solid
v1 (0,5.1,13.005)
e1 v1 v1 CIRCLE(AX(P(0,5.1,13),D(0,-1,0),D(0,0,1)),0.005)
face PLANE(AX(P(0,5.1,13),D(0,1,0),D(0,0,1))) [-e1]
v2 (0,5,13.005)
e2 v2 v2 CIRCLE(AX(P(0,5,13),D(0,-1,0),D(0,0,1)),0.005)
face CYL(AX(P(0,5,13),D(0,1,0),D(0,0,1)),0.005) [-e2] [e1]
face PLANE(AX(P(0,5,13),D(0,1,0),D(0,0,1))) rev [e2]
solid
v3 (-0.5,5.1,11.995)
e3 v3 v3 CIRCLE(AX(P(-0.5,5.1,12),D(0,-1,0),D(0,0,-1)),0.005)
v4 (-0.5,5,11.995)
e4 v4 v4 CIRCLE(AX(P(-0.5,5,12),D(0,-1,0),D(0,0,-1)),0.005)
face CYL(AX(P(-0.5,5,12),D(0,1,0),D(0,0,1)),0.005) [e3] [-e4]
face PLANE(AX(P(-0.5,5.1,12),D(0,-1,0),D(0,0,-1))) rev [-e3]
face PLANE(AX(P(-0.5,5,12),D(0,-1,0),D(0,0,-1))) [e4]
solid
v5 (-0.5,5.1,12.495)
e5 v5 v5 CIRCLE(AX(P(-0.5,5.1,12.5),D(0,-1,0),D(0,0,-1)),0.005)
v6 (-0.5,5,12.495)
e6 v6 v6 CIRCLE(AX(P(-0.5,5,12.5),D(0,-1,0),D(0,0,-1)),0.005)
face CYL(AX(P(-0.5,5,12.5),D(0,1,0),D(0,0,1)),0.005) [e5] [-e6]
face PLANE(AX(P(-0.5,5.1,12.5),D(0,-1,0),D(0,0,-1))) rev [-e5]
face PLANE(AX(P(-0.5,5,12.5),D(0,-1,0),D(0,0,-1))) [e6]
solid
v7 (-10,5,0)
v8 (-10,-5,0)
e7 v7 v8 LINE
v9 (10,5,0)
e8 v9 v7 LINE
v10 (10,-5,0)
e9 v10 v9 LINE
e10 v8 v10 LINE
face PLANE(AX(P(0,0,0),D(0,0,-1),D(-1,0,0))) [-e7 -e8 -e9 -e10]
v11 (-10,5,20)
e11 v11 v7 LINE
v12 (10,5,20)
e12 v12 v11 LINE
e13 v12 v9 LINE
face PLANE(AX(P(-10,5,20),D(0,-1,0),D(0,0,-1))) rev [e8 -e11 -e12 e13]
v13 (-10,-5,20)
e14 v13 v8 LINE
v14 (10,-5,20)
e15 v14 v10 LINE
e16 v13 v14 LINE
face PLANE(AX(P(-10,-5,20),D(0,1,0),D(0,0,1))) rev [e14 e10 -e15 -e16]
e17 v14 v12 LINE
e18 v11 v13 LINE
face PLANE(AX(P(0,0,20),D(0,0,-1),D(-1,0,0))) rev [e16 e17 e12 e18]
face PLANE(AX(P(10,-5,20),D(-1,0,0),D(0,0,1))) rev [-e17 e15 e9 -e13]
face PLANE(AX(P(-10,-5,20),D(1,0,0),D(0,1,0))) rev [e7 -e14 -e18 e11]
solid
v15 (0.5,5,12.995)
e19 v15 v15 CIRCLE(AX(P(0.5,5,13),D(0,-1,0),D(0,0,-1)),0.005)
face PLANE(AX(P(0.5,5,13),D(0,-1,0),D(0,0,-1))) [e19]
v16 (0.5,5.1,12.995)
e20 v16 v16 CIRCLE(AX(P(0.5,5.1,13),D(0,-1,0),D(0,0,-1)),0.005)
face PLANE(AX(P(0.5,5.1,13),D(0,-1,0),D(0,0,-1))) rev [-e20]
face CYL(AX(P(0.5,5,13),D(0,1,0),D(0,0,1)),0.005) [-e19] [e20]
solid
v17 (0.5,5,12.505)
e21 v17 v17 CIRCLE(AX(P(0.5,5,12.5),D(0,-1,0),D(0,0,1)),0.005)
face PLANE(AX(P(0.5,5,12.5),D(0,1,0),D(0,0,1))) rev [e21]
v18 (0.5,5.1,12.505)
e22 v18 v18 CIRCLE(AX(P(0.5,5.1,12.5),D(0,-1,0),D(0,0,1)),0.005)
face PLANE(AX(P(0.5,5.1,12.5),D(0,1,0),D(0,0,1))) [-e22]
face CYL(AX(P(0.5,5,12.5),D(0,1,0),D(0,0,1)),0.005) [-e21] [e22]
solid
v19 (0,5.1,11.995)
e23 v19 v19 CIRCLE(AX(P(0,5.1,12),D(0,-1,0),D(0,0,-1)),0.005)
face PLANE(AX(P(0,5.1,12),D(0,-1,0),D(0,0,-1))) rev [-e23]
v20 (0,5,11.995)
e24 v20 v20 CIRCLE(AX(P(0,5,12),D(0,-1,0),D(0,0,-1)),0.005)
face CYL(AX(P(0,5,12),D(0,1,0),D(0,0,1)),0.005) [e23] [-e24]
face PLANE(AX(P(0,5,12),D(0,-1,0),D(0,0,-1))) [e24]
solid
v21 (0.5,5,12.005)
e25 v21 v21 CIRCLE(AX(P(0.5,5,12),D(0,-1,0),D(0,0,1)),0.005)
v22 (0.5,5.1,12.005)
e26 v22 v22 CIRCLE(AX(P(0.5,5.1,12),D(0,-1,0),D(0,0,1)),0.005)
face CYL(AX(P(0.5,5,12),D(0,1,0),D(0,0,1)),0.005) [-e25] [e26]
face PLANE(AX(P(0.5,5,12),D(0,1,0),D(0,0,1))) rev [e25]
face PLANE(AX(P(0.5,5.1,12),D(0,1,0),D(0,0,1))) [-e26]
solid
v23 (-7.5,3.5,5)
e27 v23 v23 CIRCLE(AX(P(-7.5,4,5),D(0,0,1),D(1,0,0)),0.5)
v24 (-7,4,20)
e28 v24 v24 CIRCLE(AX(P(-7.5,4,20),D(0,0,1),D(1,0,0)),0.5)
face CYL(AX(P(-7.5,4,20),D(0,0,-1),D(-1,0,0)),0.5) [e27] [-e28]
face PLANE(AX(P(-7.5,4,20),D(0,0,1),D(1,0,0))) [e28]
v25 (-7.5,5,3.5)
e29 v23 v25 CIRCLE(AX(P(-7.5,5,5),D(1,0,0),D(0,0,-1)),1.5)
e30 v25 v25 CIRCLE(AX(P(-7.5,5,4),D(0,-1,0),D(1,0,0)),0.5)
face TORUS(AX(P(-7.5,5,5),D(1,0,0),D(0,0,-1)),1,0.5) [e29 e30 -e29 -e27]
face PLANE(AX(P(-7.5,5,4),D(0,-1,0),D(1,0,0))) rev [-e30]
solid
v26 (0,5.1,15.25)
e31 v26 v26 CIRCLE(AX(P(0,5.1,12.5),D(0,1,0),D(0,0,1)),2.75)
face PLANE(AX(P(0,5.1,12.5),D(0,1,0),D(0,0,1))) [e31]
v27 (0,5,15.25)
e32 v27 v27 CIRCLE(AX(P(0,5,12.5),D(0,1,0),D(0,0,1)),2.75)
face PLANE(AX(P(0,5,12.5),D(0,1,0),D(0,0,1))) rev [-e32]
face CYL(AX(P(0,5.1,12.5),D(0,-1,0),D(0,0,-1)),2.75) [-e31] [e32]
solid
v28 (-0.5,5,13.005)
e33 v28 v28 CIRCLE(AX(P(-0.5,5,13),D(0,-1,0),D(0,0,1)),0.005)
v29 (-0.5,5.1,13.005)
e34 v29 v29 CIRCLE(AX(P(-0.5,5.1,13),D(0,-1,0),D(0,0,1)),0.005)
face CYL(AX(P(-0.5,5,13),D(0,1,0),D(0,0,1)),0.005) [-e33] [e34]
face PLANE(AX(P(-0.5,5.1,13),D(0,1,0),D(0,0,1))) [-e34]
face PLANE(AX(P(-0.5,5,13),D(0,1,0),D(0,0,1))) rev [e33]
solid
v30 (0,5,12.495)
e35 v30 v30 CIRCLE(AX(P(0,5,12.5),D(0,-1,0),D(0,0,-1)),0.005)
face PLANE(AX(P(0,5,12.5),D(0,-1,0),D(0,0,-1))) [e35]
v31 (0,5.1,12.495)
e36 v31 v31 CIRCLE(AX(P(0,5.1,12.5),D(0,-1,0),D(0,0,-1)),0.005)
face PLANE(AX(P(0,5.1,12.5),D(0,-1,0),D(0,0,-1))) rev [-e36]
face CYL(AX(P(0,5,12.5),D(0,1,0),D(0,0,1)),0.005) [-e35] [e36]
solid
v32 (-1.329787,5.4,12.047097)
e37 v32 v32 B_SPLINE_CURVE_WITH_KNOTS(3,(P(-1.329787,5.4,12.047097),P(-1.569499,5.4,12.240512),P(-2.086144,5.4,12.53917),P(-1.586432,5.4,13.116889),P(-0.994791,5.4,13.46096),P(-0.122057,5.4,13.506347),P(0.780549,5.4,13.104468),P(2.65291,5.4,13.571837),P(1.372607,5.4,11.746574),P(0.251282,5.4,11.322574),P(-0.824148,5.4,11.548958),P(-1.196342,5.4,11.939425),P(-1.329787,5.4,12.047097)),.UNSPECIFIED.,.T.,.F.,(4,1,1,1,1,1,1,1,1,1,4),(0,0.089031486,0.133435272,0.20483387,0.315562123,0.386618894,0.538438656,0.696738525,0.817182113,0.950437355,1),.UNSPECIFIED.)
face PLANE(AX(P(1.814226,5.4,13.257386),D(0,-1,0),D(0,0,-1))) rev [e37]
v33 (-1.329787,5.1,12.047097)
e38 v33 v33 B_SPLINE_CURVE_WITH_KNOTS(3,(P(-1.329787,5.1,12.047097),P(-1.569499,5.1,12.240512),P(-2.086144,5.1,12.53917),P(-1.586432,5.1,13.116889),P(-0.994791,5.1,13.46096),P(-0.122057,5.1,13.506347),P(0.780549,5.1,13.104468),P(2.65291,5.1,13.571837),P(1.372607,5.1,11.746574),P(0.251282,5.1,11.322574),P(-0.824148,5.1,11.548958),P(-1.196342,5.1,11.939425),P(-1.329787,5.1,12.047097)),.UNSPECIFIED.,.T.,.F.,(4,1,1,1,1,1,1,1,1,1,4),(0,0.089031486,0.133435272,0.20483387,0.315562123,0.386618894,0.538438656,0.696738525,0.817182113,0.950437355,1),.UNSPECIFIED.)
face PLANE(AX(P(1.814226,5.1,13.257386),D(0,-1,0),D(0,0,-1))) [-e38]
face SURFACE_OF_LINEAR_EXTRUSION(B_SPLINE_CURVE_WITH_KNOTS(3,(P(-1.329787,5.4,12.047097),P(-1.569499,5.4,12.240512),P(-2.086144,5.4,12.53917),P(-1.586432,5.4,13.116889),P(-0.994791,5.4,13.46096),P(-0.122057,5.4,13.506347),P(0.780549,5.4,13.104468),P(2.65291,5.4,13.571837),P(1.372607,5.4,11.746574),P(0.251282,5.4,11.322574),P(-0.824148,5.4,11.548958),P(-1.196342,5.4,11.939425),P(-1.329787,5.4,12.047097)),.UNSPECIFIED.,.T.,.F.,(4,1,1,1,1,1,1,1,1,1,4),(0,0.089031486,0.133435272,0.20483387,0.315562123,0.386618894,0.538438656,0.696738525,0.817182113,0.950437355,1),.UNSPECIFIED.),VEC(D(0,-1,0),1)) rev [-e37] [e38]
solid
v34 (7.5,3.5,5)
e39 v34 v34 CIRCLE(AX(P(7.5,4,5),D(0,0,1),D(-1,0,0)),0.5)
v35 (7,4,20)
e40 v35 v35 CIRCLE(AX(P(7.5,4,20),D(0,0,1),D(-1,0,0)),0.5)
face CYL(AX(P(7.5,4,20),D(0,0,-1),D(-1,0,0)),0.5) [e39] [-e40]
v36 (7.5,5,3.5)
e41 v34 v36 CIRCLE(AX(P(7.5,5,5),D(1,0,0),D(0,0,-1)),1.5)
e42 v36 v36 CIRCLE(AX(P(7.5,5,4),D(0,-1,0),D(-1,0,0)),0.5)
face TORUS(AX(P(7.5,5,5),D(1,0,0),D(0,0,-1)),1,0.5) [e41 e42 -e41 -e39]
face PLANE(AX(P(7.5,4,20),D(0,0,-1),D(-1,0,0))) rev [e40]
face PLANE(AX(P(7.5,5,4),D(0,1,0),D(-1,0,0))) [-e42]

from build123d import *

# Parameters (mm, degrees)
SKETCH1_W             = 20
SKETCH1_H             = 10
BOSS_EXTRUDE1_DEPTH   = 20
SKETCH2_R             = 0.5
SKETCH5_R             = 2.75
BOSS_EXTRUDE4_DEPTH   = 0.1
SKETCH8_R             = 0.005
BOSS_EXTRUDE5_DEPTH   = 0.1
BOSS_EXTRUDE5_2_DEPTH = 0.1
BOSS_EXTRUDE5_3_DEPTH = 0.1
BOSS_EXTRUDE5_4_DEPTH = 0.1
BOSS_EXTRUDE5_5_DEPTH = 0.1
BOSS_EXTRUDE5_6_DEPTH = 0.1
BOSS_EXTRUDE5_7_DEPTH = 0.1
BOSS_EXTRUDE5_8_DEPTH = 0.1
BOSS_EXTRUDE5_9_DEPTH = 0.1
SLICE_2_DEPTH         = 0.3


with BuildPart() as part:
    # Sketch1 → Boss-Extrude1 (new body)
    with BuildSketch(Plane.XY):
        Rectangle(SKETCH1_W, SKETCH1_H)
    extrude(amount=BOSS_EXTRUDE1_DEPTH)


with BuildPart() as body_2:
    # ag/agcl electrodes: sweep along a path in Sketch3
    with BuildLine(Plane(origin=(7.5, 0, 0), x_dir=(0, 0, -1), z_dir=(1, 0, 0))) as ag_agcl_electrodes_path:
        Line((-20, 4), (-5, 4))
        ThreePointArc((-5, 4), (-4.292893219, 4.292893219), (-4, 5))
    # Sketch2 → ag/agcl electrodes (sweep)
    with BuildSketch(Plane.XY.offset(20)):
        with Locations((-7.5, 4)):
            Circle(SKETCH2_R)
        with Locations((7.5, 4)):
            Circle(SKETCH2_R)
    sweep(path=ag_agcl_electrodes_path.line)


with BuildPart() as body_3:
    # Sketch5 → Boss-Extrude4 (new body)
    with BuildSketch(Plane(origin=(0, 5, 0), x_dir=(1, 0, 0), z_dir=(0, 1, 0))):
        with Locations((0, -12.5)):
            Circle(SKETCH5_R)
    extrude(amount=BOSS_EXTRUDE4_DEPTH)


with BuildPart() as body_4:
    # Sketch8 → Boss-Extrude5 (new body)
    with BuildSketch(Plane(origin=(0, 5.1, 0), x_dir=(-1, 0, 0), z_dir=(0, -1, 0))):
        with Locations((0, -12.5)):
            Circle(SKETCH8_R)
    extrude(amount=BOSS_EXTRUDE5_DEPTH)


with BuildPart() as body_5:
    # Sketch8 → Boss-Extrude5 2 (new body)
    with BuildSketch(Plane(origin=(0, 5.1, 0), x_dir=(-1, 0, 0), z_dir=(0, -1, 0))):
        with Locations((0.5, -12.5)):
            Circle(SKETCH8_R)
    extrude(amount=BOSS_EXTRUDE5_2_DEPTH)


with BuildPart() as body_6:
    # Sketch8 → Boss-Extrude5 3 (new body)
    with BuildSketch(Plane(origin=(0, 5.1, 0), x_dir=(-1, 0, 0), z_dir=(0, -1, 0))):
        with Locations((0.5, -12)):
            Circle(SKETCH8_R)
    extrude(amount=BOSS_EXTRUDE5_3_DEPTH)


with BuildPart() as body_7:
    # Sketch8 → Boss-Extrude5 4 (new body)
    with BuildSketch(Plane(origin=(0, 5.1, 0), x_dir=(-1, 0, 0), z_dir=(0, -1, 0))):
        with Locations((0, -12)):
            Circle(SKETCH8_R)
    extrude(amount=BOSS_EXTRUDE5_4_DEPTH)


with BuildPart() as body_8:
    # Sketch8 → Boss-Extrude5 5 (new body)
    with BuildSketch(Plane(origin=(0, 5.1, 0), x_dir=(-1, 0, 0), z_dir=(0, -1, 0))):
        with Locations((0.5, -13)):
            Circle(SKETCH8_R)
    extrude(amount=BOSS_EXTRUDE5_5_DEPTH)


with BuildPart() as body_9:
    # Sketch8 → Boss-Extrude5 6 (new body)
    with BuildSketch(Plane(origin=(0, 5.1, 0), x_dir=(-1, 0, 0), z_dir=(0, -1, 0))):
        with Locations((0, -13)):
            Circle(SKETCH8_R)
    extrude(amount=BOSS_EXTRUDE5_6_DEPTH)


with BuildPart() as body_10:
    # Sketch8 → Boss-Extrude5 7 (new body)
    with BuildSketch(Plane(origin=(0, 5.1, 0), x_dir=(-1, 0, 0), z_dir=(0, -1, 0))):
        with Locations((-0.5, -13)):
            Circle(SKETCH8_R)
    extrude(amount=BOSS_EXTRUDE5_7_DEPTH)


with BuildPart() as body_11:
    # Sketch8 → Boss-Extrude5 8 (new body)
    with BuildSketch(Plane(origin=(0, 5.1, 0), x_dir=(-1, 0, 0), z_dir=(0, -1, 0))):
        with Locations((-0.5, -12)):
            Circle(SKETCH8_R)
    extrude(amount=BOSS_EXTRUDE5_8_DEPTH)


with BuildPart() as body_12:
    # Sketch8 → Boss-Extrude5 9 (new body)
    with BuildSketch(Plane(origin=(0, 5.1, 0), x_dir=(-1, 0, 0), z_dir=(0, -1, 0))):
        with Locations((-0.5, -12.5)):
            Circle(SKETCH8_R)
    extrude(amount=BOSS_EXTRUDE5_9_DEPTH)


with BuildPart() as body_13:
    # Sketch4 → slice 2 (new body)
    with BuildSketch(Plane(origin=(0, 5.1, 0), x_dir=(1, 0, 0), z_dir=(0, 1, 0))):
        with BuildLine():
            add(Edge.make_bspline(
                [(-1.329786825, -12.04709664), (-1.196342031, -11.939424685), (-0.824147777, -11.548957834), (0.251281573, -11.322574475), (1.372606671, -11.746573561), (2.652909809, -13.571837262), (0.780549472, -13.104467787), (-0.122057097, -13.506347246), (-0.994791107, -13.460960152), (-1.586432094, -13.116889112), (-2.086144249, -12.539169772), (-1.569499382, -12.240512354), (-1.329786825, -12.04709664)],
                knots=[0, 0, 0, 0, 0.049562645, 0.182817887, 0.303261475, 0.461561344, 0.613381106, 0.684437877, 0.79516613, 0.866564728, 0.910968514, 1, 1, 1, 1], degree=3))
        make_face()
    extrude(amount=SLICE_2_DEPTH)


solid = Compound([part.part, body_2.part, body_3.part, body_4.part, body_5.part, body_6.part, body_7.part, body_8.part, body_9.part, body_10.part, body_11.part, body_12.part, body_13.part])
